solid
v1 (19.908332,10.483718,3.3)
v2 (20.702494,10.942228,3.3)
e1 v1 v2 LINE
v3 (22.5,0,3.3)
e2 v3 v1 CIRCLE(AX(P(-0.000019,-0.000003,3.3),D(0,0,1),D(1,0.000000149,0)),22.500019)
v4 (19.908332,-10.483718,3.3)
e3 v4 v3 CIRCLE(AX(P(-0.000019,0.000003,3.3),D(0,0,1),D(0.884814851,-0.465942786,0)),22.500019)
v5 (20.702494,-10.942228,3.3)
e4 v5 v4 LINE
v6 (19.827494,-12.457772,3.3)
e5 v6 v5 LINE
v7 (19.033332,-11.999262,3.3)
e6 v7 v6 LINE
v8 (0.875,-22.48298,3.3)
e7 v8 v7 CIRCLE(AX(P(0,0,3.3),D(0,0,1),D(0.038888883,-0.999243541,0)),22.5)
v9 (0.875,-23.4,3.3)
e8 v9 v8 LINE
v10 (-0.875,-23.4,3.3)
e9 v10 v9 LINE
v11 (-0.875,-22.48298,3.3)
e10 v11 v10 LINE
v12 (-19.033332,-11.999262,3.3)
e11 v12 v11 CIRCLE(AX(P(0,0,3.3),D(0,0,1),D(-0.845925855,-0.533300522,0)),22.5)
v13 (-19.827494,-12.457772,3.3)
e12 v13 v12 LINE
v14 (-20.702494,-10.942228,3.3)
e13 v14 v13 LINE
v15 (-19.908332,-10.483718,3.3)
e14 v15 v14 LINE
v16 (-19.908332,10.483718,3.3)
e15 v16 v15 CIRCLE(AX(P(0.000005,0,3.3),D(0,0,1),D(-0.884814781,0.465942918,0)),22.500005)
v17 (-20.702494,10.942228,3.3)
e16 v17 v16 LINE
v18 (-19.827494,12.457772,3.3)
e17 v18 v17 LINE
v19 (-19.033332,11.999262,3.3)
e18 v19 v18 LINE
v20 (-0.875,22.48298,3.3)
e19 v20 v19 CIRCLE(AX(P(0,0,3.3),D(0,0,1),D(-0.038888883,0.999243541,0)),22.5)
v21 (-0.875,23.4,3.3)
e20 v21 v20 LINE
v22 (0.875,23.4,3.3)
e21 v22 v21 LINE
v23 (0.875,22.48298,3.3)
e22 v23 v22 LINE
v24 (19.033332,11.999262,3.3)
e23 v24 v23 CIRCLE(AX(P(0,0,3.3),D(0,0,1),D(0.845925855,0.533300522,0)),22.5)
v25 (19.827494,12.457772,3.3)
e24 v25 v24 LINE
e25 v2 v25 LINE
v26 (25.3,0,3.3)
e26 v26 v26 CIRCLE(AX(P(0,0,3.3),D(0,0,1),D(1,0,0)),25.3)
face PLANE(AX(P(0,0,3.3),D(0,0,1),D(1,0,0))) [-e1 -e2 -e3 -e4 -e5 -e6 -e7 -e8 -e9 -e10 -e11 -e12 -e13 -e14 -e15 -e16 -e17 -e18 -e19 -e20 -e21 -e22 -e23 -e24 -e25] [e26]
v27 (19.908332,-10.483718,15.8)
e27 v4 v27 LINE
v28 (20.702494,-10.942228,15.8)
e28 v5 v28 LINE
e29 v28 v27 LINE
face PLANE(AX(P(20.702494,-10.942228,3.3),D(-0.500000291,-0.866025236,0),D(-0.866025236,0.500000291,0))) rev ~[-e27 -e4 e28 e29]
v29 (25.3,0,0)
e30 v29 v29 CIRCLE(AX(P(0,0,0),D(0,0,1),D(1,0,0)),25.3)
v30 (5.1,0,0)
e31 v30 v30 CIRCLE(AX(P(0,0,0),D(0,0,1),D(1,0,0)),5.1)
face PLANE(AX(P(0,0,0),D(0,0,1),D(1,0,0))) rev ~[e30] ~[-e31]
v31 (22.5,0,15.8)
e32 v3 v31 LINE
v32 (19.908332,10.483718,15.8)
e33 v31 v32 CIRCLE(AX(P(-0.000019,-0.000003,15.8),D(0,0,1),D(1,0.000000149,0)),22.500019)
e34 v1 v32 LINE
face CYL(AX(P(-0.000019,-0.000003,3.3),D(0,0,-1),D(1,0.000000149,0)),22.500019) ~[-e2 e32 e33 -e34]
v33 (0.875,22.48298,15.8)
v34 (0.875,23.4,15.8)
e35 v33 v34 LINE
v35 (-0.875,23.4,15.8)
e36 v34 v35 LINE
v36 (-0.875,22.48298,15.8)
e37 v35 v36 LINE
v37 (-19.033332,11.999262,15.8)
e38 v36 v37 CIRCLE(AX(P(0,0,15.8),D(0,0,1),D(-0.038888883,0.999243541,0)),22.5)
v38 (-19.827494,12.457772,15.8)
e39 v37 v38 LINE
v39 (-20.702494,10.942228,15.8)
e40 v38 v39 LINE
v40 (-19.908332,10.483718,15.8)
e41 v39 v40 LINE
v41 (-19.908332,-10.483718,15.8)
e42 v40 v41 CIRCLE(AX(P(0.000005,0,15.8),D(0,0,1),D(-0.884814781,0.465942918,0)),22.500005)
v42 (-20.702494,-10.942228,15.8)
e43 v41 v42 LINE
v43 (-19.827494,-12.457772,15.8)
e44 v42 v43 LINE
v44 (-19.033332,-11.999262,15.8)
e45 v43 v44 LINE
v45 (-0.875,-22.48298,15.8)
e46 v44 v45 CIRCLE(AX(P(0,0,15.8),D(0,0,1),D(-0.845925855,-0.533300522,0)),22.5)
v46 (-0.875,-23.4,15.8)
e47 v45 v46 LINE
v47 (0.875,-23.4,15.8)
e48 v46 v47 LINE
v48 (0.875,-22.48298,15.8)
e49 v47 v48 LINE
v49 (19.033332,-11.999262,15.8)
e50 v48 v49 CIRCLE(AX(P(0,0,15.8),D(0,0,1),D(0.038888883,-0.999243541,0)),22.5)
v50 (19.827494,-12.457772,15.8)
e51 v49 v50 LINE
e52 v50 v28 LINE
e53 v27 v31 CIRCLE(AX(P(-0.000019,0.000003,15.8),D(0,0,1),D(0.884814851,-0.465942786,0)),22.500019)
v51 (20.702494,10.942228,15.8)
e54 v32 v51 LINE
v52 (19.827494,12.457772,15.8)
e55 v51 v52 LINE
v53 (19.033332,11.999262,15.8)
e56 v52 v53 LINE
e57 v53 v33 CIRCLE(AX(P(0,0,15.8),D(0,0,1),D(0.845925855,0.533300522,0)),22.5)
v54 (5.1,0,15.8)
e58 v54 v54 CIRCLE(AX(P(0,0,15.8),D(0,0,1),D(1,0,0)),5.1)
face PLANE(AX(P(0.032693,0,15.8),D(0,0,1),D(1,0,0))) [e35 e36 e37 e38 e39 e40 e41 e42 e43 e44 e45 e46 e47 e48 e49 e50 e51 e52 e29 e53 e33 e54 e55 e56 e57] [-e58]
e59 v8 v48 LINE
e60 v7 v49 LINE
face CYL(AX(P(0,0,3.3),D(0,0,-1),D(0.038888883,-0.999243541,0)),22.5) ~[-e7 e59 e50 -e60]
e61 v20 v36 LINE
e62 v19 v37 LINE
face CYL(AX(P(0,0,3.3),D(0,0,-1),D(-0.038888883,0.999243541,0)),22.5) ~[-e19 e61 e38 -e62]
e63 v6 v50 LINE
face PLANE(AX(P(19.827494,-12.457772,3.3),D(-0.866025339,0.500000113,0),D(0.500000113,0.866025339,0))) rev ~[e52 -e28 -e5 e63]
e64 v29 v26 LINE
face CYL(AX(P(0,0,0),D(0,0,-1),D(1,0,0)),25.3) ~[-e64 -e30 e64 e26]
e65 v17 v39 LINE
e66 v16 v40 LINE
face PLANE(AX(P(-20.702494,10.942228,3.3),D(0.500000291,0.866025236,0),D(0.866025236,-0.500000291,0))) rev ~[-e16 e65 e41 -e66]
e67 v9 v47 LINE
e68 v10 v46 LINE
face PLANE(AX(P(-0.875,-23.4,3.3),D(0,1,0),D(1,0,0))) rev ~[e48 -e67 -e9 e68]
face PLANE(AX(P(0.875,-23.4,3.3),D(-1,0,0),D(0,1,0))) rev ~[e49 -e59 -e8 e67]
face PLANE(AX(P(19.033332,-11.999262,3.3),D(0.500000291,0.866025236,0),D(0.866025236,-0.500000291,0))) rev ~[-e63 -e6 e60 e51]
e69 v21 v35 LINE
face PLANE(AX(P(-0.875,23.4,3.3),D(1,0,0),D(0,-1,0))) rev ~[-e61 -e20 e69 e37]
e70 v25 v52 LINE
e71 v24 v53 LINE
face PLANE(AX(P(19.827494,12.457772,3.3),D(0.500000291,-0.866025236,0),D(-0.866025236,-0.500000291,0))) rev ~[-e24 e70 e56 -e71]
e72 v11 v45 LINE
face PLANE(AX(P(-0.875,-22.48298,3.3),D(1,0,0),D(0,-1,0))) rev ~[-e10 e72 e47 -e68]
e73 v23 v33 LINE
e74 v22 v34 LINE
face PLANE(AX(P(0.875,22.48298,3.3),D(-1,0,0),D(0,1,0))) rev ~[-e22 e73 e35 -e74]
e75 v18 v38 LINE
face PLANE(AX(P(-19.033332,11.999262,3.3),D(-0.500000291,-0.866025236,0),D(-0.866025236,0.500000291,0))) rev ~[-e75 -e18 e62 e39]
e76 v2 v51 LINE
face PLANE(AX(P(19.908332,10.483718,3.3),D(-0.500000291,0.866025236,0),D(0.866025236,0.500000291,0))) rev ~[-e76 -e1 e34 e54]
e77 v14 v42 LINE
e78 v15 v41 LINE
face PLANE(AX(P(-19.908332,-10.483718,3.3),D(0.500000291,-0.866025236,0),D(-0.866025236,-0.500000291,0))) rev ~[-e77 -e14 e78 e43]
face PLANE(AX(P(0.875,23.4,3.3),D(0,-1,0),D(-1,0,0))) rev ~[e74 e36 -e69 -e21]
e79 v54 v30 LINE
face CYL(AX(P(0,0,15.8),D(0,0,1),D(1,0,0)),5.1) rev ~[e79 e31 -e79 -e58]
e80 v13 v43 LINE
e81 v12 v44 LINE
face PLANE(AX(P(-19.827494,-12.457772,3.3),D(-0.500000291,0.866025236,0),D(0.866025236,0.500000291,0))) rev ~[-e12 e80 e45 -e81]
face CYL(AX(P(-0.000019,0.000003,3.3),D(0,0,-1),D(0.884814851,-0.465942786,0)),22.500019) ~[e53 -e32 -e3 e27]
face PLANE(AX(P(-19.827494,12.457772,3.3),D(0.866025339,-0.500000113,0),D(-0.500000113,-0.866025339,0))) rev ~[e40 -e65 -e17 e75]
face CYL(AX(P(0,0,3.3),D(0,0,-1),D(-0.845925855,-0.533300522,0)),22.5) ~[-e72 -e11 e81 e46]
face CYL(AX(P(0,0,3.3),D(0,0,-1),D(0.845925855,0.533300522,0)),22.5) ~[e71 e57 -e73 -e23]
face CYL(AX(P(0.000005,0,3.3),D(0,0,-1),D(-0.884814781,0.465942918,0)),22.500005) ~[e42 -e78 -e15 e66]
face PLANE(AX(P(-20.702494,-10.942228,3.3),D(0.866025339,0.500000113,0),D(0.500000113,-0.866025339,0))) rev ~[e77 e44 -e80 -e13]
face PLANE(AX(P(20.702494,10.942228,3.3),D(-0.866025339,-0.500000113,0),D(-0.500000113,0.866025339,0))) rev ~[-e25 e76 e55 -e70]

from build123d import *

# Parameters (mm, degrees)
F0_R     = 25.3
F1_DEPTH = 3.3
F3_DEPTH = 12.5
F4_R     = 5.1
F5_DEPTH = 15.801


with BuildPart() as f1:
    # F0 (on Top) → F1 (new body)
    with BuildSketch(Plane.XY):
        Circle(F0_R)
    extrude(amount=F1_DEPTH)

    # F2 (on face) → F3 (join)
    with BuildSketch(Plane.XY.offset(3.3)):
        with BuildLine():
            ThreePointArc((19.908332, -10.483718), (21.842475, -5.399655), (22.5, 0))
            ThreePointArc((22.5, 0), (21.842475, 5.399655), (19.908332, 10.483718))
            ThreePointArc((19.908332, 10.483718), (19.485572, 11.25), (19.033332, 11.999262))
            ThreePointArc((19.033332, 11.999262), (11.25, 19.485572), (0.875, 22.48298))
            ThreePointArc((0.875, 22.48298), (0, 22.5), (-0.875, 22.48298))
            ThreePointArc((-0.875, 22.48298), (-11.25, 19.485572), (-19.033332, 11.999262))
            ThreePointArc((-19.033332, 11.999262), (-19.485572, 11.25), (-19.908332, 10.483718))
            ThreePointArc((-19.908332, 10.483718), (-22.5, 0), (-19.908332, -10.483718))
            ThreePointArc((-19.908332, -10.483718), (-19.485572, -11.25), (-19.033332, -11.999262))
            ThreePointArc((-19.033332, -11.999262), (-11.25, -19.485572), (-0.875, -22.48298))
            ThreePointArc((-0.875, -22.48298), (0, -22.5), (0.875, -22.48298))
            ThreePointArc((0.875, -22.48298), (11.25, -19.485572), (19.033332, -11.999262))
            ThreePointArc((19.033332, -11.999262), (19.485572, -11.25), (19.908332, -10.483718))
        make_face()
        with BuildLine():
            ThreePointArc((19.033332, 11.999262), (19.485572, 11.25), (19.908332, 10.483718))
            Line((19.908332, 10.483718), (20.702494, 10.942228))
            Line((20.702494, 10.942228), (19.827494, 12.457772))
            Line((19.827494, 12.457772), (19.033332, 11.999262))
        make_face()
        with BuildLine():
            Line((20.702494, -10.942228), (19.908332, -10.483718))
            ThreePointArc((19.908332, -10.483718), (19.485572, -11.25), (19.033332, -11.999262))
            Line((19.033332, -11.999262), (19.827494, -12.457772))
            Line((19.827494, -12.457772), (20.702494, -10.942228))
        make_face()
        with BuildLine():
            ThreePointArc((-0.875, 22.48298), (0, 22.5), (0.875, 22.48298))
            Line((0.875, 22.48298), (0.875, 23.4))
            Line((0.875, 23.4), (-0.875, 23.4))
            Line((-0.875, 23.4), (-0.875, 22.48298))
        make_face()
        with BuildLine():
            Line((0.875, -23.4), (0.875, -22.48298))
            ThreePointArc((0.875, -22.48298), (0, -22.5), (-0.875, -22.48298))
            Line((-0.875, -22.48298), (-0.875, -23.4))
            Line((-0.875, -23.4), (0.875, -23.4))
        make_face()
        with BuildLine():
            ThreePointArc((-19.908332, 10.483718), (-19.485572, 11.25), (-19.033332, 11.999262))
            Line((-19.033332, 11.999262), (-19.827494, 12.457772))
            Line((-19.827494, 12.457772), (-20.702494, 10.942228))
            Line((-20.702494, 10.942228), (-19.908332, 10.483718))
        make_face()
        with BuildLine():
            Line((-19.827494, -12.457772), (-19.033332, -11.999262))
            ThreePointArc((-19.033332, -11.999262), (-19.485572, -11.25), (-19.908332, -10.483718))
            Line((-19.908332, -10.483718), (-20.702494, -10.942228))
            Line((-20.702494, -10.942228), (-19.827494, -12.457772))
        make_face()
    extrude(amount=F3_DEPTH)

    # F4 (on face) → F5 (cut, through all)
    with BuildSketch(Plane.XY.offset(15.8)):
        Circle(F4_R)
    extrude(amount=-F5_DEPTH, mode=Mode.SUBTRACT)


solid = f1.part
